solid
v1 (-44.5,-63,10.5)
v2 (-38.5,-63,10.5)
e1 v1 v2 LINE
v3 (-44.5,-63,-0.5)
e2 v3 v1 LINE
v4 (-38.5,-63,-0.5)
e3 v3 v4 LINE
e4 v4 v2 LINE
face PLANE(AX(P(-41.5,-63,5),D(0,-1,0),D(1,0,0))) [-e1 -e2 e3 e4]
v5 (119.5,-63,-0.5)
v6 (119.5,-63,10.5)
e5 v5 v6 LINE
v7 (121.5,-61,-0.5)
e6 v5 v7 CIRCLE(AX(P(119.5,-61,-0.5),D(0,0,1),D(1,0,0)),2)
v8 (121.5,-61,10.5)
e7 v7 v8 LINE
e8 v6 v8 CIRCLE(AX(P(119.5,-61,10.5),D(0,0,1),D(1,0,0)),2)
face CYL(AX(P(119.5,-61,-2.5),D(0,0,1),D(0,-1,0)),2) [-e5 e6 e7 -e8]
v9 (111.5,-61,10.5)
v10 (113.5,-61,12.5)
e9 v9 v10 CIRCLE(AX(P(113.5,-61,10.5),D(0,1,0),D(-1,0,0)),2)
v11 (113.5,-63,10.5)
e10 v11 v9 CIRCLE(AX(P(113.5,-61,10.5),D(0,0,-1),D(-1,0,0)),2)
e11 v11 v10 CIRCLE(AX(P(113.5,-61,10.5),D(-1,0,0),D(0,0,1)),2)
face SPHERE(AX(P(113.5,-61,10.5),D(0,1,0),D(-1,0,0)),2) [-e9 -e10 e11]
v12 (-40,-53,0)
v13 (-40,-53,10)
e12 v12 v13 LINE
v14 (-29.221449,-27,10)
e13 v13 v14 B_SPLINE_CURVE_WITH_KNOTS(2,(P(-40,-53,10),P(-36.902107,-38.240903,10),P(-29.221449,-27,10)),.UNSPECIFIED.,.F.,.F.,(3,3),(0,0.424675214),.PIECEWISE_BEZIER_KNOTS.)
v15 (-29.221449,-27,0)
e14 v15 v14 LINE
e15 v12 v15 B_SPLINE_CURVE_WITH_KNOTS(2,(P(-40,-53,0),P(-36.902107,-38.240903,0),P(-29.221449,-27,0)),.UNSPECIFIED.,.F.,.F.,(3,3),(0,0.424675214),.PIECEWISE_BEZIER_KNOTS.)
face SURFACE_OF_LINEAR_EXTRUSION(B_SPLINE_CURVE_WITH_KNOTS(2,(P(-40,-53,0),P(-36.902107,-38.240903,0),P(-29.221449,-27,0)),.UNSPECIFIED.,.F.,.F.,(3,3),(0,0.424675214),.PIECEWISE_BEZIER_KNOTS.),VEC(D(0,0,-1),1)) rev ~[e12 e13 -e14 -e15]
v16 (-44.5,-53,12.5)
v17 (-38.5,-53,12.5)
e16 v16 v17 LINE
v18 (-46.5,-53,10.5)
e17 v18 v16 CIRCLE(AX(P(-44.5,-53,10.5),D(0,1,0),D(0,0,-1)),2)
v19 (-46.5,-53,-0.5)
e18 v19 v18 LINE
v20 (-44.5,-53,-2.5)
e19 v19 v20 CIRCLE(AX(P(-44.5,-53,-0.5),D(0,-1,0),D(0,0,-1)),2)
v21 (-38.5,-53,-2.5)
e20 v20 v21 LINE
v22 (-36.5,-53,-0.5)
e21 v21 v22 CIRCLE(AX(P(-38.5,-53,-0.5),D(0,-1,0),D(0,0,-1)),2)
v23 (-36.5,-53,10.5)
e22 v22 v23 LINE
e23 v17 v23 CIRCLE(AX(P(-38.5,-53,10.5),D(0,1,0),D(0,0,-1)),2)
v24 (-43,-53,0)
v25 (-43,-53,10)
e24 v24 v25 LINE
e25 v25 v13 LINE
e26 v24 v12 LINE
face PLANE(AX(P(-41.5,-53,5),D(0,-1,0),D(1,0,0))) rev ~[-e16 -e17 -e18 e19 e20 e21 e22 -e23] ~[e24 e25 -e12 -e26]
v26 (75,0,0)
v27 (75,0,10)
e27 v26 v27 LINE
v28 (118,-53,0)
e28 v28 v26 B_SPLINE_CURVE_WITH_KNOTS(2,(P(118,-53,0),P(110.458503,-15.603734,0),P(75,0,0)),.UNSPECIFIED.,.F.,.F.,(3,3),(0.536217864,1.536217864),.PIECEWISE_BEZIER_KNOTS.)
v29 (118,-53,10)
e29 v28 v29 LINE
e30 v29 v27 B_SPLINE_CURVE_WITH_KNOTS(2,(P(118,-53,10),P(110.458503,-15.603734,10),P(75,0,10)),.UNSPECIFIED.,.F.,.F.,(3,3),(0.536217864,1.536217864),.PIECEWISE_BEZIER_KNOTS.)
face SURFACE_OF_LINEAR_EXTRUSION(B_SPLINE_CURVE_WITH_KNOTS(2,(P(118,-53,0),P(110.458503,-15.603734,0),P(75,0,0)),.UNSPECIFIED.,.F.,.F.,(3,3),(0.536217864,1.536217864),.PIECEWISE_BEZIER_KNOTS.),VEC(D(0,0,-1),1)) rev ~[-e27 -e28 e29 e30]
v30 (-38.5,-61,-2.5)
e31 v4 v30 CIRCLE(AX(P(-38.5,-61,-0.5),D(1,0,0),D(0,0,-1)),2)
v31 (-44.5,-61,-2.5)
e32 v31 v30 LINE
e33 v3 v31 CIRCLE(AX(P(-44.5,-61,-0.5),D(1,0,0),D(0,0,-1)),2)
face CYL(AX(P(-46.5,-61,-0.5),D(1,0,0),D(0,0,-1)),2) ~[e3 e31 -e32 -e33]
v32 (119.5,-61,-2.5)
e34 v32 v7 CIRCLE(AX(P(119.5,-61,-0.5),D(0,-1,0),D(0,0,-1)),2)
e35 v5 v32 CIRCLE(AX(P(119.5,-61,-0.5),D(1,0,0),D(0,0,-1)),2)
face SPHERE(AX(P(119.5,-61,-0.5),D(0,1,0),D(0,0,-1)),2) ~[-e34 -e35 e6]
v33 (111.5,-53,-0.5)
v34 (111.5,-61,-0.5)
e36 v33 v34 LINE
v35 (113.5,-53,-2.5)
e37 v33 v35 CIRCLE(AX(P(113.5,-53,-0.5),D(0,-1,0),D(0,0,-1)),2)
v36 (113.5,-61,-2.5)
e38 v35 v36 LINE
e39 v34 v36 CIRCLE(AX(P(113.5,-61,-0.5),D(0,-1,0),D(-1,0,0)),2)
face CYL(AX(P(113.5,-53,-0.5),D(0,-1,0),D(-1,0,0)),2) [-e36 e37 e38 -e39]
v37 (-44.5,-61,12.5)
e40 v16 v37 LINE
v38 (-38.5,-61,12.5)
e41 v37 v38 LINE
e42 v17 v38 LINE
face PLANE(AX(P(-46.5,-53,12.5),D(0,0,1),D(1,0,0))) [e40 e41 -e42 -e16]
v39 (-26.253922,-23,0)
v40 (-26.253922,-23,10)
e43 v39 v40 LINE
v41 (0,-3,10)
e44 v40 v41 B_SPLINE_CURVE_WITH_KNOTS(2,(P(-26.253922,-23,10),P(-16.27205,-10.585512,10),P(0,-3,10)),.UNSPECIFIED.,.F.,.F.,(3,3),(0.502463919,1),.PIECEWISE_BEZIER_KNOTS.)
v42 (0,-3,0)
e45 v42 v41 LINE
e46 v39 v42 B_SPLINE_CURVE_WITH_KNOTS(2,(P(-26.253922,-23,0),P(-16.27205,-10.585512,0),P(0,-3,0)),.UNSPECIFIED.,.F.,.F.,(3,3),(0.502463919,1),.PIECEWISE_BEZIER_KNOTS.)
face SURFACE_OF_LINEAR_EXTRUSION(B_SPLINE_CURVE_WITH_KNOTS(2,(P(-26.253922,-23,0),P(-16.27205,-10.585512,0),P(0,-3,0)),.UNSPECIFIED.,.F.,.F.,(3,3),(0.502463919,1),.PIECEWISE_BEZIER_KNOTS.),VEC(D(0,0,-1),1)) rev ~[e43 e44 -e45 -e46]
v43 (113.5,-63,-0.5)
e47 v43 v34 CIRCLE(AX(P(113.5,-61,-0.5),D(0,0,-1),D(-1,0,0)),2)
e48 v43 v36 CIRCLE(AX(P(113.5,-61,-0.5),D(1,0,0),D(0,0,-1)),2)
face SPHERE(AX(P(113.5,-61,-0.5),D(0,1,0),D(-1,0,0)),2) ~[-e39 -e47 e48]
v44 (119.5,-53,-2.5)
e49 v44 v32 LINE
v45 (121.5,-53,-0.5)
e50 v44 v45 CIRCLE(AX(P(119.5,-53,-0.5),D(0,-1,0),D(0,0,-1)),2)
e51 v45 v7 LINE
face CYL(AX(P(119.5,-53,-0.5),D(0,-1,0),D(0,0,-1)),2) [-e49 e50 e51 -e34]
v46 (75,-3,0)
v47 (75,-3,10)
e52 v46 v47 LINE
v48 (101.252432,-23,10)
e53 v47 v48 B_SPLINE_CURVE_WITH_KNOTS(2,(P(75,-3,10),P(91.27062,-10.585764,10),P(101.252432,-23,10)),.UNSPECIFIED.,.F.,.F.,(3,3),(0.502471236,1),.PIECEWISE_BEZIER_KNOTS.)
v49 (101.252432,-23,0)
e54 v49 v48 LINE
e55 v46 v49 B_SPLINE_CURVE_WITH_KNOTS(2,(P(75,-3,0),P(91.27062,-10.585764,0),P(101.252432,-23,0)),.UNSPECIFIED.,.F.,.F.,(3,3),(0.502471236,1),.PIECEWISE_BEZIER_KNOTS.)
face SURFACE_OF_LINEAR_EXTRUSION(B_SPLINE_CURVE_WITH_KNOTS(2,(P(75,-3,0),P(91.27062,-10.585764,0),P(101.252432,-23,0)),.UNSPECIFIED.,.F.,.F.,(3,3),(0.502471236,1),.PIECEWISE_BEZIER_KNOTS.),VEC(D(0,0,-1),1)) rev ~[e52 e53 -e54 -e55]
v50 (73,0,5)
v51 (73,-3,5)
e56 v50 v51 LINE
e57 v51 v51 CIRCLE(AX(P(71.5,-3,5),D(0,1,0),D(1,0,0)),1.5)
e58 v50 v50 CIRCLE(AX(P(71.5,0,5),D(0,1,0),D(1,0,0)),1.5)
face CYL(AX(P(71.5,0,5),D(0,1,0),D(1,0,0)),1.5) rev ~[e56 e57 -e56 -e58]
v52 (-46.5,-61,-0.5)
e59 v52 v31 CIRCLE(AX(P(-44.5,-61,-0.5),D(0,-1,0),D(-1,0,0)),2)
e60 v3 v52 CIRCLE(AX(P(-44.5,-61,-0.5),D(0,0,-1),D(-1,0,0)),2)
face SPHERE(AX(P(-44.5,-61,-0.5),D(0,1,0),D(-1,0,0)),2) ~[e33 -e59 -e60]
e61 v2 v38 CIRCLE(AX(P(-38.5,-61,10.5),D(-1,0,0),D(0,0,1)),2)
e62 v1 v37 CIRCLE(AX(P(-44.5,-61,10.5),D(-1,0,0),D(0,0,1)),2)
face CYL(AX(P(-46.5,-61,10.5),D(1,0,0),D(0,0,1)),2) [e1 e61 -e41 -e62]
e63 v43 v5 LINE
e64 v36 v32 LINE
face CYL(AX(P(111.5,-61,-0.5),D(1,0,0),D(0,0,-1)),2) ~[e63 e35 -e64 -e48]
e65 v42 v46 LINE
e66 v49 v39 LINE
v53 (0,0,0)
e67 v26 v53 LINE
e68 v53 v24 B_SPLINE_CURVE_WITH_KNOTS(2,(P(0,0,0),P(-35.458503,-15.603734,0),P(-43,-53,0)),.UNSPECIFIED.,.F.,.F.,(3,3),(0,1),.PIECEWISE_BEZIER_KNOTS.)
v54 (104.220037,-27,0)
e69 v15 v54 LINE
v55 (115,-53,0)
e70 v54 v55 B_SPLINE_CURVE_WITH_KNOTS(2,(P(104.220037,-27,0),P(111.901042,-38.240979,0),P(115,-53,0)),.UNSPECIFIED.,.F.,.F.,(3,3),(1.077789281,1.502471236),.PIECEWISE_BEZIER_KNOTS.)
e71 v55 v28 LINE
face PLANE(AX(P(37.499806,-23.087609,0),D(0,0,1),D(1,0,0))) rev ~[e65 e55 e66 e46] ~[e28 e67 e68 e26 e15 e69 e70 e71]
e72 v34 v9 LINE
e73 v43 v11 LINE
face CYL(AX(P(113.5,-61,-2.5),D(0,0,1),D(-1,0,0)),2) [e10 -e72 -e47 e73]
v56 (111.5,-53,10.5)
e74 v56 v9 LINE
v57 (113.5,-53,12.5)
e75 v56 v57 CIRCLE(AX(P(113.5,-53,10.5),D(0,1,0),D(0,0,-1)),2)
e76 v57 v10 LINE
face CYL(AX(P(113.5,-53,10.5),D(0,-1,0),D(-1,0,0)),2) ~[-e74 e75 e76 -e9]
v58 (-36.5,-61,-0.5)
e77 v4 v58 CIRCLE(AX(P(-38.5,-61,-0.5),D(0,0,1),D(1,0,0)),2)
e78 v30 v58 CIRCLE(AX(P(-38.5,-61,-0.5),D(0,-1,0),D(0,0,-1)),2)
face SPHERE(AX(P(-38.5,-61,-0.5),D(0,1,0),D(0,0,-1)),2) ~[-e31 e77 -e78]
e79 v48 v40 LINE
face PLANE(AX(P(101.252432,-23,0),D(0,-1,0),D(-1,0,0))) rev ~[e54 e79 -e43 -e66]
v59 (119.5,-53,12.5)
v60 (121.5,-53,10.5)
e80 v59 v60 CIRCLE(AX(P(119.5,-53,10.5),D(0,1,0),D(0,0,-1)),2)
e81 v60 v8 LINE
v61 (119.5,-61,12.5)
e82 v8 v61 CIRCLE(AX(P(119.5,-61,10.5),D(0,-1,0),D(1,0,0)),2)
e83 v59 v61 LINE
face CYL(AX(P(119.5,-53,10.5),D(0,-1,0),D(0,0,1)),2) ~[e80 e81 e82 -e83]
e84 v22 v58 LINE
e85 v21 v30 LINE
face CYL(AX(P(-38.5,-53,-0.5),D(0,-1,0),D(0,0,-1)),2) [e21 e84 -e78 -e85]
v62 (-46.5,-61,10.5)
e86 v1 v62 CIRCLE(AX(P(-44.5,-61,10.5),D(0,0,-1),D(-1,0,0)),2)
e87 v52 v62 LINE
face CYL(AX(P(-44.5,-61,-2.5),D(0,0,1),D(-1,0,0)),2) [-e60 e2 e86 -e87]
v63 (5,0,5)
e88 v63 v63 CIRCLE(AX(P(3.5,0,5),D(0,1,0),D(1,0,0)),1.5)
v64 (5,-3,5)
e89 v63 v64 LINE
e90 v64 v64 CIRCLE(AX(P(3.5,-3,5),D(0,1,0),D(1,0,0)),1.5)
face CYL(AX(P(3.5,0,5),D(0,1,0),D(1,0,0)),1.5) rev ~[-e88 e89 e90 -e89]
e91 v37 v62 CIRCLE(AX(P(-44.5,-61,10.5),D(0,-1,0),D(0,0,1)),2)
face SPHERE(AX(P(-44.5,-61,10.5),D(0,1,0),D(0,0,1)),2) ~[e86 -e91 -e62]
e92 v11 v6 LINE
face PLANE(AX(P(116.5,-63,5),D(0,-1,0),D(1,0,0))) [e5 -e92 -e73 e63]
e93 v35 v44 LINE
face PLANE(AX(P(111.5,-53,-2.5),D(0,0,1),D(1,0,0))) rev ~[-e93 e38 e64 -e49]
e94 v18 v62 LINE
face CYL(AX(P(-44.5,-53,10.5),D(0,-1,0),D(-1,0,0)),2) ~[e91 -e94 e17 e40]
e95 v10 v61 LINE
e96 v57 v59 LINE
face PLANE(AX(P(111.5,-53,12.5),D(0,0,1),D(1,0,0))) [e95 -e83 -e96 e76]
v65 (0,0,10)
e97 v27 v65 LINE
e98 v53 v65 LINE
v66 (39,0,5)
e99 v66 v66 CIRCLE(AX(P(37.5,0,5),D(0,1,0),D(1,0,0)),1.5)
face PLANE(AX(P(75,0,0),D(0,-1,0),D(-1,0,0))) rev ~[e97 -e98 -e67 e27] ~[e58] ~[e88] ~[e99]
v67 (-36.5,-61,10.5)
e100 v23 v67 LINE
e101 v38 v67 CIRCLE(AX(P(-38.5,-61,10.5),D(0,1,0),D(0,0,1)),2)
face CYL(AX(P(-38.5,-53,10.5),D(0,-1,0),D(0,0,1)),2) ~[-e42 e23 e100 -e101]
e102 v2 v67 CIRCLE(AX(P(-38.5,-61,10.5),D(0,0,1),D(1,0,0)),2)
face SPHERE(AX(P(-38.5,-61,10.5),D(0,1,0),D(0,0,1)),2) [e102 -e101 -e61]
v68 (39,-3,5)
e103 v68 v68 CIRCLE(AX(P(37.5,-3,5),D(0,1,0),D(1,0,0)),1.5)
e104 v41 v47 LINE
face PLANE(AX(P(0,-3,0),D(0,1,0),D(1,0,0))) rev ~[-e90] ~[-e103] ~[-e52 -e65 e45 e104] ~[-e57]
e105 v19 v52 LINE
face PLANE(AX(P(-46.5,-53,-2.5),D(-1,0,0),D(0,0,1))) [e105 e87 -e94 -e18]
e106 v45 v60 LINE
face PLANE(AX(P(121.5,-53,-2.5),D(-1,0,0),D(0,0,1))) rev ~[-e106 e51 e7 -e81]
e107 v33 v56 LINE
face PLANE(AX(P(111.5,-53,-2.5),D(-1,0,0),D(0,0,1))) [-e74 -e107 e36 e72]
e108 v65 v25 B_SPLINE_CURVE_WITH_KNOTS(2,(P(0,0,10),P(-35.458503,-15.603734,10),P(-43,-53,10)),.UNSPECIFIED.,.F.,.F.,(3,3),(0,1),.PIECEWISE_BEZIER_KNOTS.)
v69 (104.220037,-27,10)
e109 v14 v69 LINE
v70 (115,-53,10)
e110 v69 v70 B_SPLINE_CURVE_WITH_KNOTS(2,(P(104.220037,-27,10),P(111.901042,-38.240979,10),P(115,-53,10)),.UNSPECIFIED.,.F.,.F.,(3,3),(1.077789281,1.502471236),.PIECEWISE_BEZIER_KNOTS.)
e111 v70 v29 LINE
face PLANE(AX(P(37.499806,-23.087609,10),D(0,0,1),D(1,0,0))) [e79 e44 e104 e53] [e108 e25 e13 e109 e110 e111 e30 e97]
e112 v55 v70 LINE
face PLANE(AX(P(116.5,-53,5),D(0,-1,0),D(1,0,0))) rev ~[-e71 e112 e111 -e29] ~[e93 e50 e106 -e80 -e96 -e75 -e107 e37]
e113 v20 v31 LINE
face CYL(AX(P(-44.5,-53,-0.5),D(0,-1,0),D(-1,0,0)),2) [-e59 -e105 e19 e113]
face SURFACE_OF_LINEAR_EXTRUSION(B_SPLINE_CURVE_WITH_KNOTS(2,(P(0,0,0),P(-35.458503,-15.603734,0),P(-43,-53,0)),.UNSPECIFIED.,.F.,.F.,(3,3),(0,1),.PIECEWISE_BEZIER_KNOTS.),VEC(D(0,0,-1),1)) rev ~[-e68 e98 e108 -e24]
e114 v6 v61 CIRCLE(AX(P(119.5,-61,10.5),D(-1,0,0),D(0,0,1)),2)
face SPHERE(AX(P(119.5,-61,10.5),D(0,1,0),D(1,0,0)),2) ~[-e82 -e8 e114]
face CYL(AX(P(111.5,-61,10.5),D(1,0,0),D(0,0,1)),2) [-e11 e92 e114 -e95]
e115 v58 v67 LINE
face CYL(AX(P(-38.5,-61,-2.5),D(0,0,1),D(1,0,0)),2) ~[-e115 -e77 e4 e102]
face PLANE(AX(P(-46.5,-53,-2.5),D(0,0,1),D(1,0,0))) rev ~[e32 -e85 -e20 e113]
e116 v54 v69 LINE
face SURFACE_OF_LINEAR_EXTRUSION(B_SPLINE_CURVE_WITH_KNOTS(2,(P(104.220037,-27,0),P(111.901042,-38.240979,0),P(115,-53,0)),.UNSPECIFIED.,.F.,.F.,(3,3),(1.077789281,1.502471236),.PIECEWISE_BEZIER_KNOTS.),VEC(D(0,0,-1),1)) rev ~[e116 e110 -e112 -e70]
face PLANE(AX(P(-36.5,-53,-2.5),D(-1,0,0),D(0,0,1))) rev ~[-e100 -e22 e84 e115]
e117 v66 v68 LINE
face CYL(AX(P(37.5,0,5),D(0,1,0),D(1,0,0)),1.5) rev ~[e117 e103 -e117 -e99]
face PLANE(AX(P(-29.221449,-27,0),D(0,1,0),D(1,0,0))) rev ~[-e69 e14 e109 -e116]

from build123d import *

# Parameters (mm, degrees)
BOSS_EXTRUDE1_DEPTH = 10
SKETCH2_R           = 1.5
CUT_EXTRUDE1_DEPTH  = 10
SKETCH3_W           = 10
SKETCH3_H           = 15
BOSS_EXTRUDE2_DEPTH = 10
FILLET1_R           = 2
FILLET2_R           = 2


with BuildPart() as part:
    # Sketch1 → Boss-Extrude1 (new body)
    with BuildSketch(Plane.XY):
        with BuildLine():
            Line((75, 0), (0, 0))
            add(Edge.make_bspline(
                [(0, 0), (-35.458503055, -15.603734429), (-43, -53)],
                knots=[0, 0, 0, 1, 1, 1], degree=2))
            Line((-43, -53), (-40, -53))
            add(Edge.make_bspline(
                [(-40, -53), (-36.902106975, -38.240903448), (-29.221449222, -27)],
                knots=[0, 0, 0, 0.424675214, 0.424675214, 0.424675214], degree=2))
            Line((-29.221449222, -27), (104.220036535, -27))
            add(Edge.make_bspline(
                [(104.220036535, -27), (111.901041982, -38.240979318), (115, -53)],
                knots=[1.077789281, 1.077789281, 1.077789281, 1.502471236, 1.502471236, 1.502471236], degree=2))
            Line((115, -53), (118, -53))
            add(Edge.make_bspline(
                [(118, -53), (110.458503055, -15.603734429), (75, 0)],
                knots=[0.536217864, 0.536217864, 0.536217864, 1.536217864, 1.536217864, 1.536217864], degree=2))
        make_face()
        with BuildLine():
            add(Edge.make_bspline(
                [(-26.253921627, -23), (-16.272049525, -10.585512223), (0, -3)],
                knots=[0.502463919, 0.502463919, 0.502463919, 1, 1, 1], degree=2))
            Line((0, -3), (75, -3))
            add(Edge.make_bspline(
                [(75, -3), (91.270620149, -10.585764027), (101.252432073, -23)],
                knots=[0.502471236, 0.502471236, 0.502471236, 1, 1, 1], degree=2))
            Line((101.252432073, -23), (-26.253921627, -23))
        make_face(mode=Mode.SUBTRACT)
    extrude(amount=BOSS_EXTRUDE1_DEPTH)

    # Sketch2 → Cut-Extrude1 (cut)
    with BuildSketch(Plane(origin=(0, 0, 0), x_dir=(1, 0, 0), z_dir=(0, 1, 0))):
        with Locations((71.5, -5)):
            Circle(SKETCH2_R)
        with Locations((3.5, -5)):
            Circle(SKETCH2_R)
        with Locations((37.5, -5)):
            Circle(SKETCH2_R)
    extrude(amount=-CUT_EXTRUDE1_DEPTH, mode=Mode.SUBTRACT)

    # Sketch3 → Boss-Extrude2 (add)
    with BuildSketch(Plane.XZ.offset(53)):
        with Locations((116.5, 5)):
            Rectangle(SKETCH3_W, SKETCH3_H)
        with Locations((-41.5, 5)):
            Rectangle(SKETCH3_W, SKETCH3_H)
    extrude(amount=BOSS_EXTRUDE2_DEPTH)

    # Fillet1
    fillet1_edges = [part.edges().sort_by_distance(p)[0] for p in [
        (111.5, -58, 12.5),
        (111.5, -58, -2.5),
        (121.5, -58, -2.5),
        (121.5, -58, 12.5),
        (111.5, -63, 5),
        (116.5, -63, -2.5),
        (121.5, -63, 5),
        (116.5, -63, 12.5),
    ]]
    fillet(fillet1_edges, radius=FILLET1_R)

    # Fillet2
    fillet2_edges = [part.edges().sort_by_distance(p)[0] for p in [
        (-36.5, -58, 12.5),
        (-46.5, -58, 12.5),
        (-46.5, -58, -2.5),
        (-36.5, -58, -2.5),
        (-41.5, -63, 12.5),
        (-46.5, -63, 5),
        (-41.5, -63, -2.5),
        (-36.5, -63, 5),
    ]]
    fillet(fillet2_edges, radius=FILLET2_R)


solid = part.part
